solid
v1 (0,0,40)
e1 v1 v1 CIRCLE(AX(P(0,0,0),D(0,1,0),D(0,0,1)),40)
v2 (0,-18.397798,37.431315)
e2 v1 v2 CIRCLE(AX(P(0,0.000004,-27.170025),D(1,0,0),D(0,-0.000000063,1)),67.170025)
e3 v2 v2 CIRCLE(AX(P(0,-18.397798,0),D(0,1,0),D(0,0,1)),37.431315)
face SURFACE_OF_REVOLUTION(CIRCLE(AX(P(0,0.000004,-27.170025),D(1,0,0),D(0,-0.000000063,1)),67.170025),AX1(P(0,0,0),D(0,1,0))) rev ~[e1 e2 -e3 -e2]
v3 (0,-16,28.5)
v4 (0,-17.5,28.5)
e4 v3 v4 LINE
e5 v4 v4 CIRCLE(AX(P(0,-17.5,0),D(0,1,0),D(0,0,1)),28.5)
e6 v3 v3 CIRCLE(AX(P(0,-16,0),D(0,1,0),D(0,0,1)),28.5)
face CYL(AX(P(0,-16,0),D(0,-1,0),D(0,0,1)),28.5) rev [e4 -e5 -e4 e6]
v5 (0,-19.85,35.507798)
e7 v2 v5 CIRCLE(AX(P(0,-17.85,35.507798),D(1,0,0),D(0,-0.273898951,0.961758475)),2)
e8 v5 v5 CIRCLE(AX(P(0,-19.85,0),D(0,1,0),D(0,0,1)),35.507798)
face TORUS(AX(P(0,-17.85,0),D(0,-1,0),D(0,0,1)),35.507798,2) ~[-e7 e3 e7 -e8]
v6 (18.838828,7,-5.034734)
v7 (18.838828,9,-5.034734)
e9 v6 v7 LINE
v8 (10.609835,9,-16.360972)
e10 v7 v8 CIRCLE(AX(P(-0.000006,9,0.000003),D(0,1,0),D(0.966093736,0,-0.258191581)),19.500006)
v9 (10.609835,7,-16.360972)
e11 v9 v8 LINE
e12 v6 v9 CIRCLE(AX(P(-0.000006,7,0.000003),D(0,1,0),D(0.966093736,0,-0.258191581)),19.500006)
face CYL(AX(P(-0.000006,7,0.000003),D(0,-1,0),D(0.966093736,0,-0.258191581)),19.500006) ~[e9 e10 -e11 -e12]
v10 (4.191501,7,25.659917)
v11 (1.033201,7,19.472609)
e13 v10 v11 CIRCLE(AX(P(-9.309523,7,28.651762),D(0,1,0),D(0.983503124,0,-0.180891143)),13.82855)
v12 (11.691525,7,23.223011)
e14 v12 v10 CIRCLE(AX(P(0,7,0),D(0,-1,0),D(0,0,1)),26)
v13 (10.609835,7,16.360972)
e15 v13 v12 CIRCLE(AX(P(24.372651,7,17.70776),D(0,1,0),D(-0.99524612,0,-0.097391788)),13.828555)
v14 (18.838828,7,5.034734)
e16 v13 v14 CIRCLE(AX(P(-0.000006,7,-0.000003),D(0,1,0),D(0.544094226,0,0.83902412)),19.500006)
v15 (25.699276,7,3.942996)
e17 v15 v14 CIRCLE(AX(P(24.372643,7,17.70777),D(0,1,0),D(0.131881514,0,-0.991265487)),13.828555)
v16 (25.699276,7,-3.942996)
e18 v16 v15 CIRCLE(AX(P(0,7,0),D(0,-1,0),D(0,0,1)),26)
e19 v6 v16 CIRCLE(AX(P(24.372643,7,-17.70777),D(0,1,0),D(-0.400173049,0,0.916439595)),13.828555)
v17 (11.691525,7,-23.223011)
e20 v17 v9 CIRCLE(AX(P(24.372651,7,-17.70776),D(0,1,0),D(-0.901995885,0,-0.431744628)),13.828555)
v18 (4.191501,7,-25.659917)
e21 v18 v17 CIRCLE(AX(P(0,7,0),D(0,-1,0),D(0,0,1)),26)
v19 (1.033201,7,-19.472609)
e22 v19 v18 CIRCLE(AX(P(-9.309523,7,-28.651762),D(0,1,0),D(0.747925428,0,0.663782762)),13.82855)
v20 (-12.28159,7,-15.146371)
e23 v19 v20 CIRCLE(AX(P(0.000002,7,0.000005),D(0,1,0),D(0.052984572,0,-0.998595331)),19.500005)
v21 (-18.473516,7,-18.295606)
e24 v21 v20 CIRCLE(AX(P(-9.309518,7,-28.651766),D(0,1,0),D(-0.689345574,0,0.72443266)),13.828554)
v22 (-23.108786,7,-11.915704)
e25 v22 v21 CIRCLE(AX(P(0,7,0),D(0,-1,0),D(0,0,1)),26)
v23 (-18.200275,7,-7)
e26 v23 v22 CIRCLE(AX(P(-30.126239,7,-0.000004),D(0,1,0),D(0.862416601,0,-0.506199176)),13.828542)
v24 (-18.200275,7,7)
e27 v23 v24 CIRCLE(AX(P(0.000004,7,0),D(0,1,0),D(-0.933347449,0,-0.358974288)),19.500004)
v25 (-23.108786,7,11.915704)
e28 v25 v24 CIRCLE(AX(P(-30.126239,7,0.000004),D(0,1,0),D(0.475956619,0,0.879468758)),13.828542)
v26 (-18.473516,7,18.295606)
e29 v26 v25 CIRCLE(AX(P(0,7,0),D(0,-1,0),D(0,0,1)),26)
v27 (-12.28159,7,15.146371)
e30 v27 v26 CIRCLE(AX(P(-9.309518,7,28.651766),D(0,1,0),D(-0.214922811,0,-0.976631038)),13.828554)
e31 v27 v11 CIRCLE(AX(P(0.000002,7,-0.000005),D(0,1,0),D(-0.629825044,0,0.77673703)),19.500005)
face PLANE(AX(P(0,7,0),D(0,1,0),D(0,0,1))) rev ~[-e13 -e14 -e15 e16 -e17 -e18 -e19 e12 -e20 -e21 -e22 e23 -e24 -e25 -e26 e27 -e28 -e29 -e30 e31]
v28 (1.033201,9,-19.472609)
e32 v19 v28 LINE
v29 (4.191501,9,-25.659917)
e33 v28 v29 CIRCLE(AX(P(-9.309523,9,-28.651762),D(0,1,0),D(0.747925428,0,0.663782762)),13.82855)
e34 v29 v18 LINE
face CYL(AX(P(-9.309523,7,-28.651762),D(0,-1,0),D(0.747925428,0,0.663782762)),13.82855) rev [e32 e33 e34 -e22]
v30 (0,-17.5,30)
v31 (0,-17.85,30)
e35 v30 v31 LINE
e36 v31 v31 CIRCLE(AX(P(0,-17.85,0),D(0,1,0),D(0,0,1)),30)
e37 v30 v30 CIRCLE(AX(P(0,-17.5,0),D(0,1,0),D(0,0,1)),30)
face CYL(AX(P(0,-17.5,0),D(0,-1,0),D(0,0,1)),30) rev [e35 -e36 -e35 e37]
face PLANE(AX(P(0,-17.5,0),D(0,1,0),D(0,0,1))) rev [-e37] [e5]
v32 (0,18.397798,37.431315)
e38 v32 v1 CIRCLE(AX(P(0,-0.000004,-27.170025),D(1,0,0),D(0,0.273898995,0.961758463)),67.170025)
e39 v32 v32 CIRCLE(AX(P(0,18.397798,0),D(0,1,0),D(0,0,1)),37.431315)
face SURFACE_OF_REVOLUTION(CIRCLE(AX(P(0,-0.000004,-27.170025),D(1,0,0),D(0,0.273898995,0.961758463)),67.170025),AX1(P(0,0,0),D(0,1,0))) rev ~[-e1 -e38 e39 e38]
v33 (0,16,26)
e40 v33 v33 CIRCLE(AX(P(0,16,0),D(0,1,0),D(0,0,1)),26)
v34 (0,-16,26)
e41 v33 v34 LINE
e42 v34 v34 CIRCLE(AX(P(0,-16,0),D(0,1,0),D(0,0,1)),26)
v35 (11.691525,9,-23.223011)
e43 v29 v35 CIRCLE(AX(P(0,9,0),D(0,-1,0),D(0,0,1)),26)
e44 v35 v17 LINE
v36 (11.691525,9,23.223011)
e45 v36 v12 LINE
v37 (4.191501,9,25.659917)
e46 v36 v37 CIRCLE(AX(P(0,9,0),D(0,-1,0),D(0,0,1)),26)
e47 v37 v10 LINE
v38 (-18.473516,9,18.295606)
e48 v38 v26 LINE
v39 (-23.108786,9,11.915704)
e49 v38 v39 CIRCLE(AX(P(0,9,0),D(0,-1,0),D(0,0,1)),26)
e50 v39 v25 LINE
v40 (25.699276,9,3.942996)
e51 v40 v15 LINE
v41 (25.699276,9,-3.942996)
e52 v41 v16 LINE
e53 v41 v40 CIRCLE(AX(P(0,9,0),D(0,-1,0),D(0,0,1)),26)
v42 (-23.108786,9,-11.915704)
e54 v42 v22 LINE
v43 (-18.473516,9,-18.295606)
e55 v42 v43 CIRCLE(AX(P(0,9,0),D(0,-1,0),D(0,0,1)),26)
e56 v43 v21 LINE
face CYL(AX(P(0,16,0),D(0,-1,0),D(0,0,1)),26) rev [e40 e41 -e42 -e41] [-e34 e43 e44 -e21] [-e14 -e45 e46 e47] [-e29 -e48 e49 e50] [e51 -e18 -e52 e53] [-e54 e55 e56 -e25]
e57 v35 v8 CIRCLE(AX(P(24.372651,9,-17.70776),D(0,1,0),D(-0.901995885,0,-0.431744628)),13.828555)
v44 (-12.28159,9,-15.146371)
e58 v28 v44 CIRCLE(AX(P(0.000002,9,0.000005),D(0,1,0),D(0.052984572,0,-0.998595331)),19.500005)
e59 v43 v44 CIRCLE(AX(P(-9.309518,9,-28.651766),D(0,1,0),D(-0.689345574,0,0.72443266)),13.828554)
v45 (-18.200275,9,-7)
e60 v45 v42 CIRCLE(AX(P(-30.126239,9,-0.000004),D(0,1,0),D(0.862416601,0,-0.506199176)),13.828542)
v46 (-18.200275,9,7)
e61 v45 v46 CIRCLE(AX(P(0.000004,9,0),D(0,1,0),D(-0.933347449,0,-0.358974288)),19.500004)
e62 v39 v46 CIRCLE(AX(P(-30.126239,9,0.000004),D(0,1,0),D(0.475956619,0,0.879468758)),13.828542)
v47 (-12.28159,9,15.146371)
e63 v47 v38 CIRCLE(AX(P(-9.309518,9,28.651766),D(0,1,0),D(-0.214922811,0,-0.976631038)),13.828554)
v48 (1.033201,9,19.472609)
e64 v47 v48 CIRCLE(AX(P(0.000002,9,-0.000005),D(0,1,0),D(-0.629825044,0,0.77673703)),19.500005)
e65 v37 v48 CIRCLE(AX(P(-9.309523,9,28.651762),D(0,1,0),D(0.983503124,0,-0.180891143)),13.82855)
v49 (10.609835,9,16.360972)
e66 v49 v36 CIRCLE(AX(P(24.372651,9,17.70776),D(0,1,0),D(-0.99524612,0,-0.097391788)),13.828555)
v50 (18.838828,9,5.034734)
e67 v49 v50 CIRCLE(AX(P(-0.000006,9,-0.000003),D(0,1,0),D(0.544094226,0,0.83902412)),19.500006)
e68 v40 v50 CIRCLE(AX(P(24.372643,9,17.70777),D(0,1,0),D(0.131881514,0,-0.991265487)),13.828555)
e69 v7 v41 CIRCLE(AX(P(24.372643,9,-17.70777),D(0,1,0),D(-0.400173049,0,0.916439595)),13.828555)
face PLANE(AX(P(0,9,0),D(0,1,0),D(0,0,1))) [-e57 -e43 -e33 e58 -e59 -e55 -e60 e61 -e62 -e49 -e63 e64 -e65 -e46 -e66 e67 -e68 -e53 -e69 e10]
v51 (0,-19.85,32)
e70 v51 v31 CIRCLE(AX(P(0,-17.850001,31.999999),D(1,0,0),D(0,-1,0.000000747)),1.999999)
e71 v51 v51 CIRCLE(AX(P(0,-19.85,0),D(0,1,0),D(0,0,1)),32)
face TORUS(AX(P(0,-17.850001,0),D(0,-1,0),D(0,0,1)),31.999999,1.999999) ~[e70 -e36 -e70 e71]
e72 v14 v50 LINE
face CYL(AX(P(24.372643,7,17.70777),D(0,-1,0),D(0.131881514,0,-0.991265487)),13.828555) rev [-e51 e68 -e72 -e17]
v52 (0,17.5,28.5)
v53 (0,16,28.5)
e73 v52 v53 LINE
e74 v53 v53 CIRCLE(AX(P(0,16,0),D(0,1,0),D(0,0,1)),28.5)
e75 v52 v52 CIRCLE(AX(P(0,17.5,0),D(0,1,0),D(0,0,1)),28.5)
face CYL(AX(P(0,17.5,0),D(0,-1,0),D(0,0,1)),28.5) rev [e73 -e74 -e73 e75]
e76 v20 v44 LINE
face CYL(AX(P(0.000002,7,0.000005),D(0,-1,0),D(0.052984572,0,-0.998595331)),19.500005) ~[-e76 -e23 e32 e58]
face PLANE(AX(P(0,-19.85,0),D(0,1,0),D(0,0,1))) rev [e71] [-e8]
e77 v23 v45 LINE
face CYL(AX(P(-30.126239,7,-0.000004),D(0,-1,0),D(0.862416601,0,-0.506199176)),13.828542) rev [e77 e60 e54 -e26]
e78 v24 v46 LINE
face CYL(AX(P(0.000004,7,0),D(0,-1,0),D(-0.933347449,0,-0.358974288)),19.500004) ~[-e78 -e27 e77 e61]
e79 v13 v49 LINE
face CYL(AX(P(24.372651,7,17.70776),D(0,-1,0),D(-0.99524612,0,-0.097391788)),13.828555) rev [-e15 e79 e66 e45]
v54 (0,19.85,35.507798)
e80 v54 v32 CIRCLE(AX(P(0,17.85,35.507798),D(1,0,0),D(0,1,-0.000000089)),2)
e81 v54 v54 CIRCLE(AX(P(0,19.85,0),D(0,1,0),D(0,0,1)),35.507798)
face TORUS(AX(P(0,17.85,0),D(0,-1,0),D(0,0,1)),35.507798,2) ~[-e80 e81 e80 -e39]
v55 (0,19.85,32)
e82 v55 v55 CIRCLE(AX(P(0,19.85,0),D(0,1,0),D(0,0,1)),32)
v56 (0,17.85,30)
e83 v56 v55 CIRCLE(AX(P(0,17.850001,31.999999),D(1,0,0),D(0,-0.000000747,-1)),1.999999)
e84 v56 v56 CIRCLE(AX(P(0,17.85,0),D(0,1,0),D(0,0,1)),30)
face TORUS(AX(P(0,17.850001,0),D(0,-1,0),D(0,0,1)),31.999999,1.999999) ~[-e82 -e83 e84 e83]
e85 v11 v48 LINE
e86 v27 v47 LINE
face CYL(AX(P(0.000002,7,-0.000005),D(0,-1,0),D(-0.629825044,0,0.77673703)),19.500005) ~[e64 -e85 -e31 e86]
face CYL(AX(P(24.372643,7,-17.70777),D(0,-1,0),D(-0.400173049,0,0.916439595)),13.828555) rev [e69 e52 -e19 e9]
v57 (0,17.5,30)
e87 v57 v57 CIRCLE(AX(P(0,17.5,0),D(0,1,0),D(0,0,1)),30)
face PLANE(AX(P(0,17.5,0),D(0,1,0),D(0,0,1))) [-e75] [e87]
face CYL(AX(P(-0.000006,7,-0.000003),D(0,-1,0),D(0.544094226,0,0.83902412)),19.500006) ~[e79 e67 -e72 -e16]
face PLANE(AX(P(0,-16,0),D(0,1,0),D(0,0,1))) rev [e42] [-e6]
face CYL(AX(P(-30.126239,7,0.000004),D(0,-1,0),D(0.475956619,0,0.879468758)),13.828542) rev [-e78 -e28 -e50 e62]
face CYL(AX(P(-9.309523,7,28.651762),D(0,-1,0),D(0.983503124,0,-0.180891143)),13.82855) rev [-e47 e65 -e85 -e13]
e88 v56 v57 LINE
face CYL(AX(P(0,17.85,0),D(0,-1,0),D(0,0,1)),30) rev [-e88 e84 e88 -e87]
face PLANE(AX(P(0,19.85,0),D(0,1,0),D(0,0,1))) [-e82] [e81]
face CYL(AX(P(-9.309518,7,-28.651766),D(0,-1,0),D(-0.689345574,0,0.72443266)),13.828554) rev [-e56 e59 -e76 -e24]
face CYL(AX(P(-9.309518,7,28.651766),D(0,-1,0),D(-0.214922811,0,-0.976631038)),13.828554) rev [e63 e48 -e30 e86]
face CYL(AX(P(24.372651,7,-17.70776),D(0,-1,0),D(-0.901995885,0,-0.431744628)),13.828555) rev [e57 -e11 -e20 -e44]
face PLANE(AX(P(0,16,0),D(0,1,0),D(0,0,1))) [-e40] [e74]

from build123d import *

# Parameters (mm, degrees)
PAD_DEPTH = 2


with BuildPart() as part:
    # Sketch → Revolution (revolve)
    with BuildSketch(Plane.YZ):
        with BuildLine():
            Line((16, 28.5), (16, 26))
            Line((16, 26), (-16, 26))
            Line((-16, 26), (-16, 28.5))
            Line((-16, 28.5), (-17.5, 28.5))
            Line((-17.5, 28.5), (-17.5, 30))
            Line((-17.5, 30), (-17.85, 30))
            ThreePointArc((-19.85, 32), (-19.264214, 30.585786), (-17.85, 30))
            Line((-19.85, 32), (-19.85, 35.507798))
            ThreePointArc((-18.397798, 37.431315), (-19.446182, 36.712872), (-19.85, 35.507798))
            ThreePointArc((0, 40), (-9.288126, 39.354729), (-18.397798, 37.431315))
            ThreePointArc((18.397798, 37.431315), (9.288126, 39.354729), (0, 40))
            ThreePointArc((19.85, 35.507798), (19.446182, 36.712872), (18.397798, 37.431315))
            Line((19.85, 35.507798), (19.85, 32))
            ThreePointArc((17.85, 30), (19.264214, 30.585786), (19.85, 32))
            Line((17.85, 30), (17.5, 30))
            Line((17.5, 30), (17.5, 28.5))
            Line((17.5, 28.5), (16, 28.5))
        make_face()
    revolve(axis=Axis((0, 0, 0), (0, 1, 0)))

    # Sketch001 (on DatumPlane) → Pad (new body)
    with BuildSketch(Plane.ZX.offset(7)):
        with BuildLine():
            ThreePointArc((15.146371, -12.28159), (18.545602, -6.025831), (19.472609, 1.033201))
            ThreePointArc((26.1503, 4.290899), (22.588566, 3.11893), (19.472609, 1.033201))
            ThreePointArc((26.1503, 4.290899), (25.202998, 8.18895), (23.678164, 11.899351))
            ThreePointArc((16.360972, 10.609835), (20.107795, 10.753959), (23.678164, 11.899351))
            ThreePointArc((16.360972, 10.609835), (11.461812, 15.775831), (5.034734, 18.838828))
            ThreePointArc((4, 26.196374), (4.013972, 22.446806), (5.034734, 18.838828))
            ThreePointArc((4, 26.196374), (0, 26.5), (-4, 26.196374))
            ThreePointArc((-5.034734, 18.838828), (-4.013972, 22.446806), (-4, 26.196374))
            ThreePointArc((-5.034734, 18.838828), (-11.461812, 15.775831), (-16.360972, 10.609835))
            ThreePointArc((-23.678164, 11.899351), (-20.107795, 10.753959), (-16.360972, 10.609835))
            ThreePointArc((-23.678164, 11.899351), (-25.202998, 8.18895), (-26.1503, 4.290899))
            ThreePointArc((-19.472609, 1.033201), (-22.588566, 3.11893), (-26.1503, 4.290899))
            ThreePointArc((-19.472609, 1.033201), (-18.545602, -6.025831), (-15.146371, -12.28159))
            ThreePointArc((-18.63391, -18.842171), (-16.441273, -15.800494), (-15.146371, -12.28159))
            ThreePointArc((-18.63391, -18.842171), (-15.576309, -21.43895), (-12.161774, -23.544453))
            ThreePointArc((-7, -18.200275), (-9.94653, -20.519201), (-12.161774, -23.544453))
            ThreePointArc((-7, -18.200275), (0, -19.5), (7, -18.200275))
            ThreePointArc((12.161774, -23.544453), (9.94653, -20.519201), (7, -18.200275))
            ThreePointArc((12.161774, -23.544453), (15.576309, -21.43895), (18.63391, -18.842171))
            ThreePointArc((15.146371, -12.28159), (16.441273, -15.800494), (18.63391, -18.842171))
        make_face()
    extrude(amount=PAD_DEPTH)


solid = part.part
